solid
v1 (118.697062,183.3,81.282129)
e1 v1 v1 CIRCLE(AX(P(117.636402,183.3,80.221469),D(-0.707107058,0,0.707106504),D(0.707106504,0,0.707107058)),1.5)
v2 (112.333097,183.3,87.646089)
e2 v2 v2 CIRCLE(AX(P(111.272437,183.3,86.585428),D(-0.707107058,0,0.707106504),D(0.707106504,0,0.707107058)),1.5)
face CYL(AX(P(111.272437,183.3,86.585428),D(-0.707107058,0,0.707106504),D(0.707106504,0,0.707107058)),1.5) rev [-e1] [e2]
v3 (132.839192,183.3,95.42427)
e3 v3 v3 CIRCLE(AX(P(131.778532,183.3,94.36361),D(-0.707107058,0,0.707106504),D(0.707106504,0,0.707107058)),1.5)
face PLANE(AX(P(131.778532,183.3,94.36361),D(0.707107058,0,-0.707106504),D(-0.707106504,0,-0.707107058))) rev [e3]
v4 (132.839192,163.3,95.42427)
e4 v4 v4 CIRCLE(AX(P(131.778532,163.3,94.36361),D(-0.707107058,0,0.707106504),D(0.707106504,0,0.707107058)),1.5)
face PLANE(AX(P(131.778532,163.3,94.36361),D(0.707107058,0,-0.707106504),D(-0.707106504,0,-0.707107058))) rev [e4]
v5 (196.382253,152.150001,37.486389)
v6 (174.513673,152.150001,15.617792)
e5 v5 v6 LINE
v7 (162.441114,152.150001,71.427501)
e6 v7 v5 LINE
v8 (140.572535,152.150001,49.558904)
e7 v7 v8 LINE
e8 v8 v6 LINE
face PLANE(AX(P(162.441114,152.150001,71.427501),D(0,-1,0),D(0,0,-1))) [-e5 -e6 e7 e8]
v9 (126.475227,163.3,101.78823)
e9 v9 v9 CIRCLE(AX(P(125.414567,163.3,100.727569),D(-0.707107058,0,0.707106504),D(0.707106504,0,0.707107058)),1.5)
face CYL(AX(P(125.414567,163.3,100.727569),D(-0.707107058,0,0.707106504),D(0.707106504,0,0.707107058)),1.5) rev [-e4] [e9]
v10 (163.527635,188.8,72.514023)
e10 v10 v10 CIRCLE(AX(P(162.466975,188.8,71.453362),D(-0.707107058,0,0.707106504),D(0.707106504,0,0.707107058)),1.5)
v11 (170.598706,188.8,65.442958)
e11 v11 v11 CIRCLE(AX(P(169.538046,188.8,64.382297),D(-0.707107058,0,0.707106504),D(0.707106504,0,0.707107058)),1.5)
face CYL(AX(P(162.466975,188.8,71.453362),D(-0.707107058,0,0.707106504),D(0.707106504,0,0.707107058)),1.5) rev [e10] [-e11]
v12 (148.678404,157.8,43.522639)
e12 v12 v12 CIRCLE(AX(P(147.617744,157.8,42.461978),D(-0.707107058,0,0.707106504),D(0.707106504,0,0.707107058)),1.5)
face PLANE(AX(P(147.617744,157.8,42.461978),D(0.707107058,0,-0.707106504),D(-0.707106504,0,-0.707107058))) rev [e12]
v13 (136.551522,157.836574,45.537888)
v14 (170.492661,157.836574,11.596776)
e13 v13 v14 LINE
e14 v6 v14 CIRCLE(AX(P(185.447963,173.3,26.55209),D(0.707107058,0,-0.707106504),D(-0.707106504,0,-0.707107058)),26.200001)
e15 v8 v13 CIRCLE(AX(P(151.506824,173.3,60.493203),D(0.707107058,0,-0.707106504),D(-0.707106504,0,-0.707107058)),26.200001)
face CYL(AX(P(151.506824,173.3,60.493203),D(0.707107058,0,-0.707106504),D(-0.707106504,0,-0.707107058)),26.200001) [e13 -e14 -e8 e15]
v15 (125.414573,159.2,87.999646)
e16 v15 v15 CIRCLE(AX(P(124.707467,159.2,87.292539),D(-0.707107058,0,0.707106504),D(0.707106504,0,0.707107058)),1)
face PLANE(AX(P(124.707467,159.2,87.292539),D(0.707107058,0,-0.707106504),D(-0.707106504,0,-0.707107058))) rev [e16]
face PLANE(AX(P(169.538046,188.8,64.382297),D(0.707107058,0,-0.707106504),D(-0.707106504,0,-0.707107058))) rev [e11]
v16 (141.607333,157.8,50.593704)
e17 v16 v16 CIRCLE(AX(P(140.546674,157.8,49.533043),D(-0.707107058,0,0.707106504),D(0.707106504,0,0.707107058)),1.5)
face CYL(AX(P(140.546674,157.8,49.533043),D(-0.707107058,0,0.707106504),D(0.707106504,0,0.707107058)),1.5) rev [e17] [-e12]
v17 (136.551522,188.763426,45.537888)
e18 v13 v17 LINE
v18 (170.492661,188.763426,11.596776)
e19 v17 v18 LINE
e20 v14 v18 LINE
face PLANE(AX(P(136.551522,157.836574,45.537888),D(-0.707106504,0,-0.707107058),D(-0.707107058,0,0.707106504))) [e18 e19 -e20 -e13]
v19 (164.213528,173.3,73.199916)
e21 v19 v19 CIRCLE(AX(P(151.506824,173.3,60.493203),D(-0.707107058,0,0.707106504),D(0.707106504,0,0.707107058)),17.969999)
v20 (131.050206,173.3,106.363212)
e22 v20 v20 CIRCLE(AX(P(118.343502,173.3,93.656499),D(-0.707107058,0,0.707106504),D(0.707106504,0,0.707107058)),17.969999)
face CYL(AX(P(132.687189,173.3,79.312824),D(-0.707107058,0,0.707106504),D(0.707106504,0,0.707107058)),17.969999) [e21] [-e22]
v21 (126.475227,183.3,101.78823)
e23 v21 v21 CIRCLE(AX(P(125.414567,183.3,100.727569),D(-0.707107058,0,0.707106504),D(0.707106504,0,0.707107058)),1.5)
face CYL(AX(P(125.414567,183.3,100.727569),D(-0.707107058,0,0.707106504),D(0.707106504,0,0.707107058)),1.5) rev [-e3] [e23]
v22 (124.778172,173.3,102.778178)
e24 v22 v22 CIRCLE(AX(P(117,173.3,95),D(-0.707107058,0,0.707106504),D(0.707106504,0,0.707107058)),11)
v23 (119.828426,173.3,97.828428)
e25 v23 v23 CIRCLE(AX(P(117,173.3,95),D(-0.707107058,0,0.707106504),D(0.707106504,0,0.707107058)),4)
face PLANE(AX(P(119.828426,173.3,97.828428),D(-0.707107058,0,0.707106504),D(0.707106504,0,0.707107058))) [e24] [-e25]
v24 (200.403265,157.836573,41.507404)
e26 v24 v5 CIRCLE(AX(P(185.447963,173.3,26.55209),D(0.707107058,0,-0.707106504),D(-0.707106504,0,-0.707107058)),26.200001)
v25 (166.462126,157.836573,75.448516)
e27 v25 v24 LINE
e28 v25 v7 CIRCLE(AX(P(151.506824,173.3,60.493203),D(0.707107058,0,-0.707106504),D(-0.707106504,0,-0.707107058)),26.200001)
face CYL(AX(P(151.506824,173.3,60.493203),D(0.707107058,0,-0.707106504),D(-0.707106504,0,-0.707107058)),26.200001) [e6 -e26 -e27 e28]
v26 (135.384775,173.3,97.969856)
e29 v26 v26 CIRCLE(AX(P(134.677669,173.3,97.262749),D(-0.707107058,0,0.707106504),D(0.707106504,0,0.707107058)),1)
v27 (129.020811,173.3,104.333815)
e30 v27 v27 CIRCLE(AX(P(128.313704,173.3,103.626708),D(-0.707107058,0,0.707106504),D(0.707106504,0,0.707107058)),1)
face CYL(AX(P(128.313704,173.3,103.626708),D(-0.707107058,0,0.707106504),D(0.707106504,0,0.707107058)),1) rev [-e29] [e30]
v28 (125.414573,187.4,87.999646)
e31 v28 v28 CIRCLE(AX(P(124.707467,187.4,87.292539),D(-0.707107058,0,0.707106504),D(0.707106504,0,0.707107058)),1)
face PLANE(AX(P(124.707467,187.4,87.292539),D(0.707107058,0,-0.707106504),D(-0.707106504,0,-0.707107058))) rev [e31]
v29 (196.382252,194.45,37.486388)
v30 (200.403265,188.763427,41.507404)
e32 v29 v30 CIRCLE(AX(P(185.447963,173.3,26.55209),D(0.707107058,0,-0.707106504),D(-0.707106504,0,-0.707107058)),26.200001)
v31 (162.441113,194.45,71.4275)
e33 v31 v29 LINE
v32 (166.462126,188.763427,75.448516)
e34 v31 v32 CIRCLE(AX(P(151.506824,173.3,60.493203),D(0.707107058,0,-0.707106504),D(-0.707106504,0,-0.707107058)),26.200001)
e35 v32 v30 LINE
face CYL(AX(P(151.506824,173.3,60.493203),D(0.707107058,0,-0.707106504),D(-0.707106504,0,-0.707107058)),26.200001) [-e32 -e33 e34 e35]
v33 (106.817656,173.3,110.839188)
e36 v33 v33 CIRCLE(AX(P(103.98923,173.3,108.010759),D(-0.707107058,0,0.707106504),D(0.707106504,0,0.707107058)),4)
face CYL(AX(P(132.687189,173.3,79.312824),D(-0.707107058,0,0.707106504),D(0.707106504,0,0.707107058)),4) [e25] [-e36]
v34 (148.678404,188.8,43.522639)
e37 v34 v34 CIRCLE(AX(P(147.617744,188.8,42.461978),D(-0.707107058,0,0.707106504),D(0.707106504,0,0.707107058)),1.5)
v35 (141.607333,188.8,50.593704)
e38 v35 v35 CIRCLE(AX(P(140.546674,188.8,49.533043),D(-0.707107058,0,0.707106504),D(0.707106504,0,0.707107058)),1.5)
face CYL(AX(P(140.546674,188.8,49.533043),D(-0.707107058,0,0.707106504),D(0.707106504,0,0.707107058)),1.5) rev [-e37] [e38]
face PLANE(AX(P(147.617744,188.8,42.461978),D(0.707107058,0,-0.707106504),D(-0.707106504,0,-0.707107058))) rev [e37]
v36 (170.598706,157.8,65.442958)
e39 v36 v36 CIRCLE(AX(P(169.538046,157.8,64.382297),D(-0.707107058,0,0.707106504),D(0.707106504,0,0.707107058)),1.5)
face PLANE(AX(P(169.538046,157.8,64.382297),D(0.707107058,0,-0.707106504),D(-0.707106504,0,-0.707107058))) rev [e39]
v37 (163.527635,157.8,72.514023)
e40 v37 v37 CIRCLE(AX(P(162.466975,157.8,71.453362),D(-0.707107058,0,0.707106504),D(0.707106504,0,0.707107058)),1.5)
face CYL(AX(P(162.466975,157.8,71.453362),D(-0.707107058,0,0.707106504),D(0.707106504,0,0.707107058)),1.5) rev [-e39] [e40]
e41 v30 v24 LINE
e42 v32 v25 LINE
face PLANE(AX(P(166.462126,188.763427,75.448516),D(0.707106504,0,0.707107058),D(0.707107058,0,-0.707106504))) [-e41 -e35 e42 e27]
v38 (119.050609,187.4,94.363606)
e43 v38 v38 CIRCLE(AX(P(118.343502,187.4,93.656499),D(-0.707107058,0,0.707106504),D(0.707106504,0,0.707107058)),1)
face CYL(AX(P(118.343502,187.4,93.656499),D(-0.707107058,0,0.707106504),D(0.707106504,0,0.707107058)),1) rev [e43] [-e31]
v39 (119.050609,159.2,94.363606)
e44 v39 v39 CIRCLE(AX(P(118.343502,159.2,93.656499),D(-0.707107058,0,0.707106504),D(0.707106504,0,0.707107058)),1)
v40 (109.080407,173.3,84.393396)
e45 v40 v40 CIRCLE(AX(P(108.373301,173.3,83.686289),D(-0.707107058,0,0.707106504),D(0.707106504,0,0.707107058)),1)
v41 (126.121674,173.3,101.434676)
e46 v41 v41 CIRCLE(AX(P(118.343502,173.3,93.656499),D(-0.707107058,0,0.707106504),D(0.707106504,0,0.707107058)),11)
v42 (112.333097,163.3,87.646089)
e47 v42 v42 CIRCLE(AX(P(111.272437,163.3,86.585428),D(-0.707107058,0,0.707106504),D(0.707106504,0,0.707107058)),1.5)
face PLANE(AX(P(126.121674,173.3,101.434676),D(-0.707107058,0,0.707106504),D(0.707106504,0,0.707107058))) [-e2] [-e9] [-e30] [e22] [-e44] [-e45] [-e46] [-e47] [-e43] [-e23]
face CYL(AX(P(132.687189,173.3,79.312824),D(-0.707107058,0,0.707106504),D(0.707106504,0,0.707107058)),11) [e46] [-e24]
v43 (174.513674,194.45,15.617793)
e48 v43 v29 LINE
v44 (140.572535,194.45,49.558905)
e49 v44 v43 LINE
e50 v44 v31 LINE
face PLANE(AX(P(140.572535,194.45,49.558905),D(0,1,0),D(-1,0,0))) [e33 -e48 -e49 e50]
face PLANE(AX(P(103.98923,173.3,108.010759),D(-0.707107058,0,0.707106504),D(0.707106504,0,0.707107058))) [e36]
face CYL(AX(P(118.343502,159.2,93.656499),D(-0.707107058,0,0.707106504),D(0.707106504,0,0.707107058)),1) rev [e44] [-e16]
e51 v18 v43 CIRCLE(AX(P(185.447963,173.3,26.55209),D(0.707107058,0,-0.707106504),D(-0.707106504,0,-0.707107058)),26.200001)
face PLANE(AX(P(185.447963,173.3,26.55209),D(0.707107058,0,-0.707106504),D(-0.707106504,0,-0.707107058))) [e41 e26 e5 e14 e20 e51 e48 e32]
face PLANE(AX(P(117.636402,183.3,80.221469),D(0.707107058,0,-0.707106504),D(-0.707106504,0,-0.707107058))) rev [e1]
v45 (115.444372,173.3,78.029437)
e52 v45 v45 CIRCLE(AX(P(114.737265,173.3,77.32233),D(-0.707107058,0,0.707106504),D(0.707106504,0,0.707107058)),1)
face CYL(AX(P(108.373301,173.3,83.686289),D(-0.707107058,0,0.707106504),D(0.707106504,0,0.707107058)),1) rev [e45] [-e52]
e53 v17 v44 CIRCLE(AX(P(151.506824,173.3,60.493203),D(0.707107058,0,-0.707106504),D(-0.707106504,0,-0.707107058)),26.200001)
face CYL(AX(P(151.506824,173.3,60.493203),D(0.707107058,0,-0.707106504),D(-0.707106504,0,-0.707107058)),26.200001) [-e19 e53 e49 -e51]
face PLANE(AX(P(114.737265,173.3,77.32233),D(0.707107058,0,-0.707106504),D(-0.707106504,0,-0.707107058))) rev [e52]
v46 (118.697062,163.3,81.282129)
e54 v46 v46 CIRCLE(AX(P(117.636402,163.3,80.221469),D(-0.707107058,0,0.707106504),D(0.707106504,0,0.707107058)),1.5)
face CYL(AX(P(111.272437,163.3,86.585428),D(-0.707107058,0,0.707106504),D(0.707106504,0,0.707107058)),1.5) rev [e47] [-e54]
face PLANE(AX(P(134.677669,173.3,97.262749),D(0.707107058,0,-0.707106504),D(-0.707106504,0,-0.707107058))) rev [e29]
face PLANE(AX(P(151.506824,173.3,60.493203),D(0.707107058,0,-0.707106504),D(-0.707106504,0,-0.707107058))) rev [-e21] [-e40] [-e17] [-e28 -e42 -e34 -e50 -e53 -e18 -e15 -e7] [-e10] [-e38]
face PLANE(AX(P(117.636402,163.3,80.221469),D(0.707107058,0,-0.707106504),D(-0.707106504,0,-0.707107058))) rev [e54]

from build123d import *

# Parameters (mm, degrees)
BOSS_EXTRU_1_DEPTH                = 48
DIAM_TRE_DU_PER_AGE_3_0_3_1_D     = 3
DIAM_TRE_DU_PER_AGE_3_0_3_1_DEPTH = 10
DIAM_TRE_DU_PER_AGE_2_0_2_1_D     = 2
DIAM_TRE_DU_PER_AGE_2_0_2_1_DEPTH = 9.000001526
DIAM_TRE_DU_PER_AGE_3_0_3_2_D     = 3
DIAM_TRE_DU_PER_AGE_3_0_3_2_DEPTH = 9.000001526


with BuildPart() as part:
    # Esquisse1 → Boss.-Extru.1 (new body)
    with BuildSketch(Plane(origin=(79.448008992, 0, -79.44794681), x_dir=(0, 1, 0), z_dir=(0.7071070579059934, 0, -0.7071065044669933))):
        with BuildLine():
            Line((188.763426925, 171.056630761), (157.836573075, 171.056630761))
            ThreePointArc((157.836573075, 171.056630761), (154.773801793, 168.43282973), (152.150000763, 165.370058448))
            Line((152.150000763, 165.370058448), (152.150000763, 134.443204599))
            ThreePointArc((152.150000763, 134.443204599), (154.77380225, 131.38043286), (157.836574119, 128.756631524))
            Line((157.836574119, 128.756631524), (188.763425881, 128.756631524))
            ThreePointArc((188.763425881, 128.756631524), (191.826198207, 131.380433317), (194.45, 134.443205643))
            Line((194.45, 134.443205643), (194.45, 165.370057405))
            ThreePointArc((194.45, 165.370057405), (191.826198664, 168.432829273), (188.763426925, 171.056630761))
        make_face()
    extrude(amount=-BOSS_EXTRU_1_DEPTH)

    # Esquisse2 → Révolution1 (revolve)
    with BuildSketch(Plane(origin=(0, 173.3, 0), x_dir=(1, 0, 0), z_dir=(0, 1, 0))):
        Polygon((164.213527842, -73.19991591), (151.506824443, -60.493202565), (103.989230421, -108.010759396), (106.817656439, -110.839187627), (119.828426035, -97.828428215), (124.778171566, -102.77817762), (126.12167388, -101.434676357), (131.050205731, -106.363212066), align=None)
    revolve(axis=Axis((132.687188584, 173.3, 79.312823694), (-0.7071070579059953, 0, 0.7071065044669914)))

    # Diamètre du perçage Ø3.0 (3)1
    with Locations(Plane(origin=(45.506870213, 0, -45.506834595), x_dir=(0.7071065044669932, 0, 0.7071070579059936), z_dir=(-0.7071070579059936, 0, 0.7071065044669932))):
        with Locations((134.406631524, 188.8), (134.406631524, 157.8), (165.406631524, 188.8), (165.406631524, 157.8)):
            Hole(DIAM_TRE_DU_PER_AGE_3_0_3_1_D / 2, depth=DIAM_TRE_DU_PER_AGE_3_0_3_1_DEPTH)

    # Diamètre du perçage Ø2.0 (2)1
    with Locations(Plane(origin=(12.343548118, 0, -12.343538457), x_dir=(0.7071065044669916, 0, 0.7071070579059952), z_dir=(-0.7071070579059952, 0, 0.7071065044669916))):
        with Locations((149.906631524, 159.2), (164.006631524, 173.3), (135.806631524, 173.3), (149.906631524, 187.4)):
            Hole(DIAM_TRE_DU_PER_AGE_2_0_2_1_D / 2, depth=DIAM_TRE_DU_PER_AGE_2_0_2_1_DEPTH)

    # Diamètre du perçage Ø3.0 (3)2
    with Locations(Plane(origin=(12.343548118, 0, -12.343538457), x_dir=(0.7071065044669916, 0, 0.7071070579059952), z_dir=(-0.7071070579059952, 0, 0.7071065044669916))):
        with Locations((139.906631524, 163.3), (139.906631524, 183.3), (159.906631524, 183.3), (159.906631524, 163.3)):
            Hole(DIAM_TRE_DU_PER_AGE_3_0_3_2_D / 2, depth=DIAM_TRE_DU_PER_AGE_3_0_3_2_DEPTH)


solid = part.part
